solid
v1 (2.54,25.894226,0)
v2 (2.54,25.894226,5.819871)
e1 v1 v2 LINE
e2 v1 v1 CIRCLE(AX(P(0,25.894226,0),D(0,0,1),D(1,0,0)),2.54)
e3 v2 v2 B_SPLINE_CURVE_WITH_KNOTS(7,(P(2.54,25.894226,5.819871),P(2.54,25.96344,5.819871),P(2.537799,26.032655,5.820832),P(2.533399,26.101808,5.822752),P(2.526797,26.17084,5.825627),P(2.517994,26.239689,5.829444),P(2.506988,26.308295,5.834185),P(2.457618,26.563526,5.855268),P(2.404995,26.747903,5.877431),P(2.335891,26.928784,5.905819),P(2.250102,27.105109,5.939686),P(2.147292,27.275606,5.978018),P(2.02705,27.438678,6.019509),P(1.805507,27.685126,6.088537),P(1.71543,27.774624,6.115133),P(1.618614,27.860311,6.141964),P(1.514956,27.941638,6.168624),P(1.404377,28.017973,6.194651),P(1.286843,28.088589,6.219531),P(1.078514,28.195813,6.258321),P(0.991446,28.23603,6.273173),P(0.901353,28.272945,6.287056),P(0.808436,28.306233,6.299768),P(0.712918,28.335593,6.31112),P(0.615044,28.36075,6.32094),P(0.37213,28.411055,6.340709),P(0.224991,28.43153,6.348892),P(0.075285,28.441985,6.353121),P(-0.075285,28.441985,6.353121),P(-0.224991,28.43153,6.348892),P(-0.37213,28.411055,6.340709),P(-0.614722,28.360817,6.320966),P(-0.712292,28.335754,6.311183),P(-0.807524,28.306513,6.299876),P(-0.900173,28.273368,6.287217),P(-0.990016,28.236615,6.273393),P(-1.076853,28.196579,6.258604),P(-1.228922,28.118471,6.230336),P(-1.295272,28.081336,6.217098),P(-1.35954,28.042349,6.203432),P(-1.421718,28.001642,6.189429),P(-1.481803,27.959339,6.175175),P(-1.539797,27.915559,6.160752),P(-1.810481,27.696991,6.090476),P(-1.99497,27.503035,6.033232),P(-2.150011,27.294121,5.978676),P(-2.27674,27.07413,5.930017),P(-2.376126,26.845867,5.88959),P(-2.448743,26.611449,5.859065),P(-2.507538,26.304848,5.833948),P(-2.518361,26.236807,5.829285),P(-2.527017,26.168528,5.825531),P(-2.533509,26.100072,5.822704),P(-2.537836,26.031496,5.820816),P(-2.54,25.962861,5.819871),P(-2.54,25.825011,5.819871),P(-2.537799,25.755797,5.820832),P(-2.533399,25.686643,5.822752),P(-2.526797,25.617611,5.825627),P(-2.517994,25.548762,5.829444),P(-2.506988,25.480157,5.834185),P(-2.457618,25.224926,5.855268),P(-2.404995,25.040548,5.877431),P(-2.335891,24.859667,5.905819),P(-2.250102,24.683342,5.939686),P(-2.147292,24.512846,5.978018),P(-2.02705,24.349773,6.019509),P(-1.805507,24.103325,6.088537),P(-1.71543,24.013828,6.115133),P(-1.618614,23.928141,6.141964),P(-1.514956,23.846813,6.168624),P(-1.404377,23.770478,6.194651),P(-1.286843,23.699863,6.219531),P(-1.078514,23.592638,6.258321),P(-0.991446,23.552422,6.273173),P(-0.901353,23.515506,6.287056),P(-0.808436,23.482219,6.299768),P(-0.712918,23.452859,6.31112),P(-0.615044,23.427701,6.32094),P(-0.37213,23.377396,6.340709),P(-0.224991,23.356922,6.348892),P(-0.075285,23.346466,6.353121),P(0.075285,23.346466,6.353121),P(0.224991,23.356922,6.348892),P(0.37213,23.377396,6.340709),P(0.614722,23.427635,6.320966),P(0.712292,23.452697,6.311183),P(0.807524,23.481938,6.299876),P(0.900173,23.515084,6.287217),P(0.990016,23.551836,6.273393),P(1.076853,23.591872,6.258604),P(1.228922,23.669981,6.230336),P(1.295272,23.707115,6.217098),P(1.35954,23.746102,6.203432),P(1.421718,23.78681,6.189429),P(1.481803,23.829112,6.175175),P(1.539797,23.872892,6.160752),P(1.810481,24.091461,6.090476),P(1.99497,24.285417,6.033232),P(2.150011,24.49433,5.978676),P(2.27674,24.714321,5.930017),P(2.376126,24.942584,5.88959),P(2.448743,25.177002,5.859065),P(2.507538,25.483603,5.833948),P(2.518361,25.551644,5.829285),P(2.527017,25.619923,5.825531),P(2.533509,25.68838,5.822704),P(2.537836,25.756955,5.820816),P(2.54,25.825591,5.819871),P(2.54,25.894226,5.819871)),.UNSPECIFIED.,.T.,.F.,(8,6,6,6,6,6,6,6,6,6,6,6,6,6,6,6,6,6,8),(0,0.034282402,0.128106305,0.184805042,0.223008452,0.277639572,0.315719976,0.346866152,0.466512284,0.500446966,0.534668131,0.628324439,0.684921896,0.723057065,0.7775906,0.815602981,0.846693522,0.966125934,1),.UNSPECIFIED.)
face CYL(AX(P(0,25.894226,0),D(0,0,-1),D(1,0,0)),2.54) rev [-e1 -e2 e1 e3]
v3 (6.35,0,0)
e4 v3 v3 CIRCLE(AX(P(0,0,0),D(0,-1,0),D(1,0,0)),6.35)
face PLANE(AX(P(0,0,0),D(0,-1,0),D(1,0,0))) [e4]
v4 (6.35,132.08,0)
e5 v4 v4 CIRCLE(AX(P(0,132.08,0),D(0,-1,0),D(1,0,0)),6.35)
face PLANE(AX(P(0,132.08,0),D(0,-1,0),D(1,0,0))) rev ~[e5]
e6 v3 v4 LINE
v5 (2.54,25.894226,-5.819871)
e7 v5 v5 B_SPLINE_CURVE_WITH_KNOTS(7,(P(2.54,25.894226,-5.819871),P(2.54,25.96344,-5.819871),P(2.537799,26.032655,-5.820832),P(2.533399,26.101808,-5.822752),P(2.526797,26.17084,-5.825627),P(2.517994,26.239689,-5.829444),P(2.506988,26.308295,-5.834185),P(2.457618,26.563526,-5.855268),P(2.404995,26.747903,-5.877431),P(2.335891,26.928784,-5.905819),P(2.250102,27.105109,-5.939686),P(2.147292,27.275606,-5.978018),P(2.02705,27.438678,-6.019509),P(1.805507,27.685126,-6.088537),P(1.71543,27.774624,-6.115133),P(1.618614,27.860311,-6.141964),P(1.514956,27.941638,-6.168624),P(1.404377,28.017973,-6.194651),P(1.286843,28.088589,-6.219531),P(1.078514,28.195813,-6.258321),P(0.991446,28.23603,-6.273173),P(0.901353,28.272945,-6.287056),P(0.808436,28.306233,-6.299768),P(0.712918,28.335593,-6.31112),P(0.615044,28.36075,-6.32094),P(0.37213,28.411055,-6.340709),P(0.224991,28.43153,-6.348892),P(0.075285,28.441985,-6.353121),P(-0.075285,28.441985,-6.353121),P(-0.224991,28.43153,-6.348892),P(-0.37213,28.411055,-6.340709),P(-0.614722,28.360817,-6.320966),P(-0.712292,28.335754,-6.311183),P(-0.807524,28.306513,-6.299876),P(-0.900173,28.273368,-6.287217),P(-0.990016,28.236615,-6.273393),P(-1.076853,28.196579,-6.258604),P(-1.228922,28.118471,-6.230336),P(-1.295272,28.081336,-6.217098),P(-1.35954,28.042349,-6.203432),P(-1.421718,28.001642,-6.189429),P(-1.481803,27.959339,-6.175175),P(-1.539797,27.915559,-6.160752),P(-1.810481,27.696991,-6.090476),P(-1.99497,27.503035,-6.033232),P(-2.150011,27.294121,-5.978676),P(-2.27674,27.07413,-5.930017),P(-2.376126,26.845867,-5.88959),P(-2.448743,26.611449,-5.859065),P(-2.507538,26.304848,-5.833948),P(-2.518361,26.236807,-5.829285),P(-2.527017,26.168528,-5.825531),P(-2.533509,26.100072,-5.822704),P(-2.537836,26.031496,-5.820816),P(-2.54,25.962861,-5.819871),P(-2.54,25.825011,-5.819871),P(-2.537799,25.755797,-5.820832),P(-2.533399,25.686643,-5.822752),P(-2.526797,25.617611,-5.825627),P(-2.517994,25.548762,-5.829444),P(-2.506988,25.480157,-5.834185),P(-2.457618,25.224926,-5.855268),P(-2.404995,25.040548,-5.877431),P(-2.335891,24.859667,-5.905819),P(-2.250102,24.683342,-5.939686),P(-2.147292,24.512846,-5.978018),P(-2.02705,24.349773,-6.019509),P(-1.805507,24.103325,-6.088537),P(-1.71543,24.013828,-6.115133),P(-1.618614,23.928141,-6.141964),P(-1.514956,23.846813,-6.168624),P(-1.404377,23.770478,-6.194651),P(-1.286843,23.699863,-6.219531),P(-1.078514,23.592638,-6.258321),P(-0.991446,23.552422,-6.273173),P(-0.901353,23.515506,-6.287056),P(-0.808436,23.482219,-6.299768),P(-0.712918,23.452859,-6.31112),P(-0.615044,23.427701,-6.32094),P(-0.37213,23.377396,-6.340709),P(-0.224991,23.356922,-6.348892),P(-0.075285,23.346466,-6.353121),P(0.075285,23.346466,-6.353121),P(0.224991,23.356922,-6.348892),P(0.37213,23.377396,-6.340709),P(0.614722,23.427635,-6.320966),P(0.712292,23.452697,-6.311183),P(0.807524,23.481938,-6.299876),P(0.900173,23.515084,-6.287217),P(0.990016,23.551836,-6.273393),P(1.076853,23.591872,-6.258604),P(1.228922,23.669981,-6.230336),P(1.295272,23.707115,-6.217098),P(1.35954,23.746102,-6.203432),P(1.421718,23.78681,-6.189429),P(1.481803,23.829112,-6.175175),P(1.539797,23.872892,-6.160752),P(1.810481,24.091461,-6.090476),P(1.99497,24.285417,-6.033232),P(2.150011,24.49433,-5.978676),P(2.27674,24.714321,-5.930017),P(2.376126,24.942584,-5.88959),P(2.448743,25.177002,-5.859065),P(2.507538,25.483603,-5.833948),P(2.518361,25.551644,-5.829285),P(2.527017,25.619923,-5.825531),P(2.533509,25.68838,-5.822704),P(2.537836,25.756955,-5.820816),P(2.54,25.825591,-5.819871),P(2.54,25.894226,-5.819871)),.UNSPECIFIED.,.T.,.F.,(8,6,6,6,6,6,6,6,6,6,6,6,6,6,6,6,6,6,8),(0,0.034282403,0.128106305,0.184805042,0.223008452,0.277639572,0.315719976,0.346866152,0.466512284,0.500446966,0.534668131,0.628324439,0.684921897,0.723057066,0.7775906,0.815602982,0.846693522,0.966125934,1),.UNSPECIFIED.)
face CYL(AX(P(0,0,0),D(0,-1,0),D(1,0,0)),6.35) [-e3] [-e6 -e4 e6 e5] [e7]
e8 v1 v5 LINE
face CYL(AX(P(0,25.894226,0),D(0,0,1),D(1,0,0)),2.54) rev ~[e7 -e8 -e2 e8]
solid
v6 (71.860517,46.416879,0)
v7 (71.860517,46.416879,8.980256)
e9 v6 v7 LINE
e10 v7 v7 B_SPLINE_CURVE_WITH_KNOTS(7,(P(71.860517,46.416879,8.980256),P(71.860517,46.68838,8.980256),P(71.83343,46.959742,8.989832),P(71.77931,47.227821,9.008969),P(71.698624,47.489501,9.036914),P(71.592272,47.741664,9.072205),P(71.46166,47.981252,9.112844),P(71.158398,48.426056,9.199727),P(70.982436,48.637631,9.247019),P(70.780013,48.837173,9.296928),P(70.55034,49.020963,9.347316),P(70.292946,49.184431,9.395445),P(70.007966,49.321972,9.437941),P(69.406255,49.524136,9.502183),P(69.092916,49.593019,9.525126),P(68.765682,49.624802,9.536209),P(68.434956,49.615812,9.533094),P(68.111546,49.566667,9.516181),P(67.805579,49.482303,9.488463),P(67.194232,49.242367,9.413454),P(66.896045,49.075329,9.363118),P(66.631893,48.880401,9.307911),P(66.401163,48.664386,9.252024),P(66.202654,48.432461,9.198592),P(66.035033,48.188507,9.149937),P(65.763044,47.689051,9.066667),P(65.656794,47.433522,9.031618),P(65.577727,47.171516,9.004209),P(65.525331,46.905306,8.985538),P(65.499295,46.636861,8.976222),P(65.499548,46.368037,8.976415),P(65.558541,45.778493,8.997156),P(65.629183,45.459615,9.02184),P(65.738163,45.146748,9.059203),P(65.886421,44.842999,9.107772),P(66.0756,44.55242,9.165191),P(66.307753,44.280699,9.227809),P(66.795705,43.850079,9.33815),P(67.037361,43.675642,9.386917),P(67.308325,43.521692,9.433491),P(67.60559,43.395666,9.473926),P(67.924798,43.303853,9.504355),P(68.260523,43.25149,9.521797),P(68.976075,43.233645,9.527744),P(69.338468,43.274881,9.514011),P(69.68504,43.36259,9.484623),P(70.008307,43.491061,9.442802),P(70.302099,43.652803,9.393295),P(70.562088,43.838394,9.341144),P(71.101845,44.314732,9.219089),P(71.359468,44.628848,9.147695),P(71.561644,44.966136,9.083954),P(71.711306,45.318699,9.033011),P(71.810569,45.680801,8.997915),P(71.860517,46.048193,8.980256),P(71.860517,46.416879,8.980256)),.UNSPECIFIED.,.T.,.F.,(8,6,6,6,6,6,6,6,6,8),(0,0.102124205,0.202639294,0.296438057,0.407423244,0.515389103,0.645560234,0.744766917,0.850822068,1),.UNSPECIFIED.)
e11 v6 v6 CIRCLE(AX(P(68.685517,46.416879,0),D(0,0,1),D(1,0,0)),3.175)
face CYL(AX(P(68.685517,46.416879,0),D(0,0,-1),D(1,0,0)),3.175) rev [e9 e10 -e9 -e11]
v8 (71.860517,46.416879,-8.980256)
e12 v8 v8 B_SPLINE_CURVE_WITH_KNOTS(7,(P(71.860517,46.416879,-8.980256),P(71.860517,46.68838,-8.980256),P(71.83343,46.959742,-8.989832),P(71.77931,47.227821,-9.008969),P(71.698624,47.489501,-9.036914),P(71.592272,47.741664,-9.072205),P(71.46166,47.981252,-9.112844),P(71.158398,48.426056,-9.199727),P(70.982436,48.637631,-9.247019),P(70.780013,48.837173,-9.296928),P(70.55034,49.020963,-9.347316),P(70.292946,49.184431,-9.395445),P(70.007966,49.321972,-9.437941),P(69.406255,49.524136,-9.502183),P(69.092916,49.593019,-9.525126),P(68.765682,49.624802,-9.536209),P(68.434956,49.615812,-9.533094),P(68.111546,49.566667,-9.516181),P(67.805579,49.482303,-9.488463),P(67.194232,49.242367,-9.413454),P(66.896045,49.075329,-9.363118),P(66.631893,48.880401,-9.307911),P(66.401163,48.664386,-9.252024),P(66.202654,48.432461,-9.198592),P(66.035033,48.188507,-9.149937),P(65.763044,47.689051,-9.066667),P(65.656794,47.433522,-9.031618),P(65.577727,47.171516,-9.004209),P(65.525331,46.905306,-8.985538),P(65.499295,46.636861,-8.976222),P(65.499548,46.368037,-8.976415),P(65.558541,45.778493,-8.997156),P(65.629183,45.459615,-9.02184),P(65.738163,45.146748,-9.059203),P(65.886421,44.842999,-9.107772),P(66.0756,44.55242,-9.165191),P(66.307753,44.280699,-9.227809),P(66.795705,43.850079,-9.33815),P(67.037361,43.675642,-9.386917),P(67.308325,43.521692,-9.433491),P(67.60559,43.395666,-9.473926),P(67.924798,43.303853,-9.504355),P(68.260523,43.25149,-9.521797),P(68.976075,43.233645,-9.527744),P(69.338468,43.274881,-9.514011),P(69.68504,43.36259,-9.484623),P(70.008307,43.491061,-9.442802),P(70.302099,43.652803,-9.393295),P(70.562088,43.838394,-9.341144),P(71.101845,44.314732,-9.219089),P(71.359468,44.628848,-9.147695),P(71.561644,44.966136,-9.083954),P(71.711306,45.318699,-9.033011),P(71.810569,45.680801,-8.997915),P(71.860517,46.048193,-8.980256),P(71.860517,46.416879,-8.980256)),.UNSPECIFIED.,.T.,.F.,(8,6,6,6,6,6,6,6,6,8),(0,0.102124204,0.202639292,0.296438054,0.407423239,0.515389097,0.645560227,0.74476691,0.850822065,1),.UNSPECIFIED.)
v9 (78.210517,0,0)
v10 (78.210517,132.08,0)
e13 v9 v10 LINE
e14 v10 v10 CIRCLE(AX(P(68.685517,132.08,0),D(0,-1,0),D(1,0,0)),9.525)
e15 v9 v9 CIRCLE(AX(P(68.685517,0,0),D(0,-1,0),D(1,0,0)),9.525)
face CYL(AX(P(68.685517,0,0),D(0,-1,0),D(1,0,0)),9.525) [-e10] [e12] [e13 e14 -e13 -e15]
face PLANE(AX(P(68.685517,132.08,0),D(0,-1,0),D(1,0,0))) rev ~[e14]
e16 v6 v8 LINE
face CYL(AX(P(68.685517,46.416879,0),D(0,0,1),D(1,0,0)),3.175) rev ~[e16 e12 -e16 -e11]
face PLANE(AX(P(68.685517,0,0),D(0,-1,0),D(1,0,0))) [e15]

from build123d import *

# Parameters (mm, degrees)
F0_R          = 6.35
F1_DEPTH      = 132.08
F0_R_2        = 9.525
F2_R          = 2.54
F2_R_2        = 3.175
F3_DEPTH      = 9.526
F3_DEPTH_BACK = 9.526


with BuildPart() as f1:
    # F0 (on Front) → F1 (new body)
    with BuildSketch(Plane.XZ):
        Circle(F0_R)
    extrude(amount=-F1_DEPTH)


with BuildPart() as f1b:
    # F0 (on Front) → F1, piece 2 (new body)
    with BuildSketch(Plane.XZ):
        with Locations((68.685516715, 0)):
            Circle(F0_R_2)
    extrude(amount=-F1_DEPTH)


with BuildPart() as f3_tool:
    # F2 (on Top) → F3 (new body, two sides)
    with BuildSketch(Plane.XY) as f3_sk:
        with Locations((0, 25.8942256683)):
            Circle(F2_R)
        with Locations((68.685516715, 46.4168787003)):
            Circle(F2_R_2)
    extrude(amount=-F3_DEPTH)
    extrude(f3_sk.sketch, amount=F3_DEPTH_BACK)


with BuildPart() as f1_1:
    add(f1.part)

    # F3: cut by f3_tool
    add(f3_tool.part, mode=Mode.SUBTRACT)


with BuildPart() as f1b_1:
    add(f1b.part)

    # F3: cut by f3_tool
    add(f3_tool.part, mode=Mode.SUBTRACT)


solid = Compound([f1_1.part, f1b_1.part])
